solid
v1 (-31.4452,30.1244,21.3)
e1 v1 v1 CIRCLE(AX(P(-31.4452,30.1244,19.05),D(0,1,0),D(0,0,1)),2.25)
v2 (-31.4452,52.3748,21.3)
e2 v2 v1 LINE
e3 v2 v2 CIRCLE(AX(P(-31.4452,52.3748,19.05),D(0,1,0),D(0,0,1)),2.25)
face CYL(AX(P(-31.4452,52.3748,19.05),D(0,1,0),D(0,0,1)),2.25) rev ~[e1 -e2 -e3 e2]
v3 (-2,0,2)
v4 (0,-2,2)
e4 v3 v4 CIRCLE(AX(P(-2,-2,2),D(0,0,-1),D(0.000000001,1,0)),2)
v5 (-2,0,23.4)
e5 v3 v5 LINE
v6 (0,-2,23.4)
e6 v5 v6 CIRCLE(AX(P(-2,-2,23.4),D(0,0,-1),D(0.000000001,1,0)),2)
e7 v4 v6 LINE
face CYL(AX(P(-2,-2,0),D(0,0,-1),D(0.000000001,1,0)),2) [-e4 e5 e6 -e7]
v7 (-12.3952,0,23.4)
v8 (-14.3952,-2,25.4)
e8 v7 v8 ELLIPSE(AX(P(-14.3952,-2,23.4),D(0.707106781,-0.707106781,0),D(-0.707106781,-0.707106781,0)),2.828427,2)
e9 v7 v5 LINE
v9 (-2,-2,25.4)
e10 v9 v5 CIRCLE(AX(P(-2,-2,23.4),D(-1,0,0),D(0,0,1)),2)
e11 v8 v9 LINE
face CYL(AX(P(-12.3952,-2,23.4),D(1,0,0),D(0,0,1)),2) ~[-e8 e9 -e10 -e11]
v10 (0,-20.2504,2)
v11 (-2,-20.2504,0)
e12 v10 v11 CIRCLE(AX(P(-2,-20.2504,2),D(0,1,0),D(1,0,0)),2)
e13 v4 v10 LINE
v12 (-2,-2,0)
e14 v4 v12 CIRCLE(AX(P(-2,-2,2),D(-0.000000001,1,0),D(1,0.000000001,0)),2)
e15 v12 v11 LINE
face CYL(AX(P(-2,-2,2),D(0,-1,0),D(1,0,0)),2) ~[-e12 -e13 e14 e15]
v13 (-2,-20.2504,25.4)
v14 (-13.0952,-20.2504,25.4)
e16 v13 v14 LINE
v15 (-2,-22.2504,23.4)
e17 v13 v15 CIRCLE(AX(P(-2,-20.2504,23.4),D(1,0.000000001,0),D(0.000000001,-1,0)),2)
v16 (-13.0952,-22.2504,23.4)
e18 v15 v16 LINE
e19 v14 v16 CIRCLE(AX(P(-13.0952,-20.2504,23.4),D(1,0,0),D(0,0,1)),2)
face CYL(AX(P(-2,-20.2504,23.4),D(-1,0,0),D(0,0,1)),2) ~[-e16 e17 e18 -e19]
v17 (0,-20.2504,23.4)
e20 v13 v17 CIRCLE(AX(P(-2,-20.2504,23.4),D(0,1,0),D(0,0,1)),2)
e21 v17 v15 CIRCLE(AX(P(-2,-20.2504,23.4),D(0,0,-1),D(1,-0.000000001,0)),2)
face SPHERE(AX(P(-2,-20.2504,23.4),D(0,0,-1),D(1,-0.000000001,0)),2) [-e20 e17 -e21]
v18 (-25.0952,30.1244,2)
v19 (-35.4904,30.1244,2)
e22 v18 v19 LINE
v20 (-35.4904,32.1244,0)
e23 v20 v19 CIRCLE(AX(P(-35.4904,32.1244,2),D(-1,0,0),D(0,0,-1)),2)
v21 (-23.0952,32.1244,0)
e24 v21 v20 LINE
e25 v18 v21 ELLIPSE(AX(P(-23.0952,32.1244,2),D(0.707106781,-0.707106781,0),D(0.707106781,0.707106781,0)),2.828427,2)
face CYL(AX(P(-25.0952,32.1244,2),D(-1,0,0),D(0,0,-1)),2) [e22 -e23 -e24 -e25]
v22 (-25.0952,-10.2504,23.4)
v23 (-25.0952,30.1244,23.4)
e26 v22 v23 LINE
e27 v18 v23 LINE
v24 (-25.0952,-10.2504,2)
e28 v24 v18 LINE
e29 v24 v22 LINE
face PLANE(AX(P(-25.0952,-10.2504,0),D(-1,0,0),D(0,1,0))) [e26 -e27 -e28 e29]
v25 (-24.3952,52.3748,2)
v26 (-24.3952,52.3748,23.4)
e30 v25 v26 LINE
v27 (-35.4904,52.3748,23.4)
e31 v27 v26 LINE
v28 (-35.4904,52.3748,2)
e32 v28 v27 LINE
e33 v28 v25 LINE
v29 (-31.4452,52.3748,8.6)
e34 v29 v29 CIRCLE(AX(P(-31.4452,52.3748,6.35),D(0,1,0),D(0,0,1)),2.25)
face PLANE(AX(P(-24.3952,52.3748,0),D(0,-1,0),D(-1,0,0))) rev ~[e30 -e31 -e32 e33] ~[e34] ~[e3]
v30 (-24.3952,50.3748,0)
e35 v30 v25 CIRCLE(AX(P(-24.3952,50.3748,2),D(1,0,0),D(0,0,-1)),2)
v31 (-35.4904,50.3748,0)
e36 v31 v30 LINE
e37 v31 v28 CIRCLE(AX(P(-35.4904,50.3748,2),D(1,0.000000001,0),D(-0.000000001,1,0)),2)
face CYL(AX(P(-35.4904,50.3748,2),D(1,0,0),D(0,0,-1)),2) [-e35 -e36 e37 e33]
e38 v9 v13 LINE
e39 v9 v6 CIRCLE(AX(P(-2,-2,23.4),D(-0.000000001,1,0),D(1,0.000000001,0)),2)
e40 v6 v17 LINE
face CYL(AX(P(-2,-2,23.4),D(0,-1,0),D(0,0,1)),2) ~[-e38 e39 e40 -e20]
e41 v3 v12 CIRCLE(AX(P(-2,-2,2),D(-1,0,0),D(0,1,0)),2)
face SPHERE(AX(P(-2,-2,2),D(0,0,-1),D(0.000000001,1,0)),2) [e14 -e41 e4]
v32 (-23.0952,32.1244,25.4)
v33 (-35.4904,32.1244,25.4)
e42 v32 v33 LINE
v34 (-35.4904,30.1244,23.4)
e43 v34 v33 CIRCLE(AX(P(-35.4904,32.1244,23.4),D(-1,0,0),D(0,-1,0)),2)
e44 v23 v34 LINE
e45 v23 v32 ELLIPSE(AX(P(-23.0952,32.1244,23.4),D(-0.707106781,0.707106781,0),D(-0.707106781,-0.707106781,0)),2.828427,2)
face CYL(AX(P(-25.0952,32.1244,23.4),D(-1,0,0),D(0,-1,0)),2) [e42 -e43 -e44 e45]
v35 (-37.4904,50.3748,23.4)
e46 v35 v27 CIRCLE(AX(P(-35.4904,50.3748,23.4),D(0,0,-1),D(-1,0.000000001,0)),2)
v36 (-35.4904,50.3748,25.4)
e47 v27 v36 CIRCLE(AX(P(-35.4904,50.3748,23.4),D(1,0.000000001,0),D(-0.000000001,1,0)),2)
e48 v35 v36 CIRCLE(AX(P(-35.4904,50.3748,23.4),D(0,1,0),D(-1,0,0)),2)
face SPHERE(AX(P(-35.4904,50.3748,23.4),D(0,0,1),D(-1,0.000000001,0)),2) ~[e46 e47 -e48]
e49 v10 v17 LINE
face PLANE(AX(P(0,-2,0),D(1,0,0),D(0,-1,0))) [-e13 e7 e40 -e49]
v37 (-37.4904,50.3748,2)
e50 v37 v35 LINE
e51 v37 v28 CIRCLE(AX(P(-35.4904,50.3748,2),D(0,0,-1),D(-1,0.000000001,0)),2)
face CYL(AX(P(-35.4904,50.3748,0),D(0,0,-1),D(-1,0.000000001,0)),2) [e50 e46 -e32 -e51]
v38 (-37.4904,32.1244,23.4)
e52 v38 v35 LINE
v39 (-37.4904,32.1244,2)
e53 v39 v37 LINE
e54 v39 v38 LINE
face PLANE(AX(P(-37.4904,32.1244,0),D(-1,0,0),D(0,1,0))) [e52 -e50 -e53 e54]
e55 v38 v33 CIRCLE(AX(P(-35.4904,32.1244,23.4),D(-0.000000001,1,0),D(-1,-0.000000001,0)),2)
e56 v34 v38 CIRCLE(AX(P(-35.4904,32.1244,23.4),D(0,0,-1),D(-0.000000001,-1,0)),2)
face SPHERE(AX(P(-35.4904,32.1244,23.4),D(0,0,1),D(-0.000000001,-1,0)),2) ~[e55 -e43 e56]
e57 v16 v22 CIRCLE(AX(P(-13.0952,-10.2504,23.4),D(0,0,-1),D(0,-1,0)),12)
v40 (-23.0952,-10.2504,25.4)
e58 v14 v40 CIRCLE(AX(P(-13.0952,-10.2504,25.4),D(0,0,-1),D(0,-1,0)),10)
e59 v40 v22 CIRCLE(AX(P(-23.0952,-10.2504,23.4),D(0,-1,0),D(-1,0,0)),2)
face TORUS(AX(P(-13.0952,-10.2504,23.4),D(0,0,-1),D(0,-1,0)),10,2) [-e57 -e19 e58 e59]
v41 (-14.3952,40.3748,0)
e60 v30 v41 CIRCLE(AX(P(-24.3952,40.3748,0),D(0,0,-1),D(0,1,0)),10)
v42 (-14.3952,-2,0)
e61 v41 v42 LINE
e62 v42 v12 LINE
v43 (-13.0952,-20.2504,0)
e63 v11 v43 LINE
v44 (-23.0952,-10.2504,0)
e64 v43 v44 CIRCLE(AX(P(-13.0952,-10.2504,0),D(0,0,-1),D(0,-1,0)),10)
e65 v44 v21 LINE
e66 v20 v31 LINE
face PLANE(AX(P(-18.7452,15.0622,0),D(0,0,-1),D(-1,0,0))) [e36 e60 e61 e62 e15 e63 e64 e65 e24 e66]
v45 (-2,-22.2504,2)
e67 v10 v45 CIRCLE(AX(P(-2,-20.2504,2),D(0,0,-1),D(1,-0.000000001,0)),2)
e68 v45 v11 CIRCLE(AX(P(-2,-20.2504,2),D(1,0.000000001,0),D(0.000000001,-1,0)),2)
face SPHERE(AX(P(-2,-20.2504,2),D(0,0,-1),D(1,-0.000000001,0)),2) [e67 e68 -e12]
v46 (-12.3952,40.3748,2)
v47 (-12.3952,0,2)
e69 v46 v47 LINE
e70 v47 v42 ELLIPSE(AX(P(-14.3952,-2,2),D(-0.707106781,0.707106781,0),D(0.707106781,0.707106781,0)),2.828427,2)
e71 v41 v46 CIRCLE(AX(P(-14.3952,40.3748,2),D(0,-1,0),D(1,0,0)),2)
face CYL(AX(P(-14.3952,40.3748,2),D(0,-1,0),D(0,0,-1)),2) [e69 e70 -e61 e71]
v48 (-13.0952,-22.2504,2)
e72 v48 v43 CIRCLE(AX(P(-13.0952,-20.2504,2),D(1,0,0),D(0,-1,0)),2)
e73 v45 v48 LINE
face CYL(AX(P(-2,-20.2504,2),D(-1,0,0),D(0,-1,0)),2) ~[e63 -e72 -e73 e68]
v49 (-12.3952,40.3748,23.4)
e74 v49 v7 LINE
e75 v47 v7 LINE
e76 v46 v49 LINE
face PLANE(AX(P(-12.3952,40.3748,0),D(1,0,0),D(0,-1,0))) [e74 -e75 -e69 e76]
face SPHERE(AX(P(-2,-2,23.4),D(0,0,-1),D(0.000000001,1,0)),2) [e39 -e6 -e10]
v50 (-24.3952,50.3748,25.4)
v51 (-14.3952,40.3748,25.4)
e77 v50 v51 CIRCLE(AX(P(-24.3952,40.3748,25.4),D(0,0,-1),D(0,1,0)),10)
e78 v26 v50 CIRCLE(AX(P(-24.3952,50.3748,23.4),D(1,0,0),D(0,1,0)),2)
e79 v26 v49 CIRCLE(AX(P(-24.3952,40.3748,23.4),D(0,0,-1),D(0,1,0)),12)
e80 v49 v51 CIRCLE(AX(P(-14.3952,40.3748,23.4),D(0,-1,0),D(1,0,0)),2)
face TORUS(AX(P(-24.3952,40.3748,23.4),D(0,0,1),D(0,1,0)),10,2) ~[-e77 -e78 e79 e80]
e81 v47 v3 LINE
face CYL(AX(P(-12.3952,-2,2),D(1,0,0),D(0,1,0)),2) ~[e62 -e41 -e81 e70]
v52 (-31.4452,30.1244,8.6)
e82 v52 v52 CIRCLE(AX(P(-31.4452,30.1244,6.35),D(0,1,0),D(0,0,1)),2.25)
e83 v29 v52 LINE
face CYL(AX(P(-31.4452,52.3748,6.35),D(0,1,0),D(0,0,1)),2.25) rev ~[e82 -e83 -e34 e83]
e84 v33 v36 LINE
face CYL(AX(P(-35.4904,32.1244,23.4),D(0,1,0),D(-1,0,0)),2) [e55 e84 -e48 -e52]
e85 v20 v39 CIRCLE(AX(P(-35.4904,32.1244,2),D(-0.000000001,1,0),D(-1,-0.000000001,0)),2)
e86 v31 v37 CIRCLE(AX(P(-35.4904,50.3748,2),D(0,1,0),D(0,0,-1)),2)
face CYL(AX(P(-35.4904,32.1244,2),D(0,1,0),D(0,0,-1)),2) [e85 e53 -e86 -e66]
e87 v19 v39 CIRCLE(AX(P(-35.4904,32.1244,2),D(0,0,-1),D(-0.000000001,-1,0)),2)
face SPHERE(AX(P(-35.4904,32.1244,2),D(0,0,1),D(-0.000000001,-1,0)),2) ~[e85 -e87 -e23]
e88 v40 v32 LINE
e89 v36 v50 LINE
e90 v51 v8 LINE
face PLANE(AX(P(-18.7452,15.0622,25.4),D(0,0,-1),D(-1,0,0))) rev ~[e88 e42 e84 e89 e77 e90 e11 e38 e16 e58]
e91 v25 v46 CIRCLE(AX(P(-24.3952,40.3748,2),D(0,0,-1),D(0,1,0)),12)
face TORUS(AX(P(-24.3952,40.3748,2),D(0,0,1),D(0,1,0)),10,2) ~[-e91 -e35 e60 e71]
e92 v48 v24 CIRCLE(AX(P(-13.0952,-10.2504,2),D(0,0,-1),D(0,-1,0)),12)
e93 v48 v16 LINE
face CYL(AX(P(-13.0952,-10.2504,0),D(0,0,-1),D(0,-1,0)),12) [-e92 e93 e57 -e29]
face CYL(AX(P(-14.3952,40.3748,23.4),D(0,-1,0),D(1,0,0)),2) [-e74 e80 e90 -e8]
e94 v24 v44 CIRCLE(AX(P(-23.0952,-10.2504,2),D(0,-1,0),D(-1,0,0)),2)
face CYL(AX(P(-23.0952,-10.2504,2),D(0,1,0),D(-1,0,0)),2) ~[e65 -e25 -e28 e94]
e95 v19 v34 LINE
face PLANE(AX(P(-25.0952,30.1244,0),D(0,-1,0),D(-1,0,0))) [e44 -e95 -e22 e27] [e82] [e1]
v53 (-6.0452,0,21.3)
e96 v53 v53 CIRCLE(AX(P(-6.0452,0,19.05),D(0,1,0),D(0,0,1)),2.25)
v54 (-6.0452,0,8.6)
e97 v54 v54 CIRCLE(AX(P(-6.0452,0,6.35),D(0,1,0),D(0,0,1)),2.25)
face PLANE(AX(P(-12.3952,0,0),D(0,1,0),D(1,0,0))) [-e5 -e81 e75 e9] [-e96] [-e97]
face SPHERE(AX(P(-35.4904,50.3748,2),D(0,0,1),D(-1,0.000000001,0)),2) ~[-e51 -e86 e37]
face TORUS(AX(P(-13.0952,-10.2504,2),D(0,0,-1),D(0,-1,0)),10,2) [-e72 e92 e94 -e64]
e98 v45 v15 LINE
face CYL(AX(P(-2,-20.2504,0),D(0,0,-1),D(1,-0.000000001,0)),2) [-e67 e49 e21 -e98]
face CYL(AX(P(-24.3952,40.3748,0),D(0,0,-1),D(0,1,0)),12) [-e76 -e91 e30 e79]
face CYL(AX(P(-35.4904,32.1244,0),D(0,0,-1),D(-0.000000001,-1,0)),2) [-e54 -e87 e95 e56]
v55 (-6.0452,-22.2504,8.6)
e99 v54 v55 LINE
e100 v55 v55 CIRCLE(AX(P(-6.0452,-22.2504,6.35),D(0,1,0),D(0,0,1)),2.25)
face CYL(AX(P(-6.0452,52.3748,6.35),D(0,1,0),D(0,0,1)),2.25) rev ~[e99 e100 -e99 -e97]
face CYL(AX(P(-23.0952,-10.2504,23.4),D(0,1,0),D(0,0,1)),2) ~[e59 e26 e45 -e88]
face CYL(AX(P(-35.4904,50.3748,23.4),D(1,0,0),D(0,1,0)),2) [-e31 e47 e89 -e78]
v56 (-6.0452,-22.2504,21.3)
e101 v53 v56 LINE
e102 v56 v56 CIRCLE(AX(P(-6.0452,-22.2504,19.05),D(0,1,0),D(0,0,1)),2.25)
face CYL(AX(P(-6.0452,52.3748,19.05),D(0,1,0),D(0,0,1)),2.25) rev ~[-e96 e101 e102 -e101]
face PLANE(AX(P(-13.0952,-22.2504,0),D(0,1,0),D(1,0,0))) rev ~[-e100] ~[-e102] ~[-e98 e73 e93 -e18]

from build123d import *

# Parameters (mm, degrees)
BOSS_EXTRUDE1_DEPTH = 25.4
SKETCH2_R           = 2.25
CUT_EXTRUDE1_DEPTH  = 88.290380725
FILLET1_R           = 2


with BuildPart() as part:
    # Sketch1 → Boss-Extrude1 (new body)
    with BuildSketch(Plane.XY):
        with BuildLine():
            Line((-12.3952, 40.3748), (-12.3952, 0))
            Line((-12.3952, 0), (-12.3952, -22.2504))
            Line((-12.3952, -22.2504), (-13.0952, -22.2504))
            ThreePointArc((-13.0952, -22.2504), (-21.580481374, -18.735681374), (-25.0952, -10.2504))
            Line((-25.0952, -10.2504), (-25.0952, 30.1244))
            Line((-25.0952, 30.1244), (-25.0952, 52.3748))
            Line((-25.0952, 52.3748), (-24.3952, 52.3748))
            ThreePointArc((-24.3952, 52.3748), (-15.909918626, 48.860081374), (-12.3952, 40.3748))
        make_face()
        with BuildLine():
            ThreePointArc((-37.4904, 50.3748), (-36.904613562, 51.789013562), (-35.4904, 52.3748))
            Line((-35.4904, 52.3748), (-25.0952, 52.3748))
            Line((-25.0952, 52.3748), (-25.0952, 30.1244))
            Line((-25.0952, 30.1244), (-35.4904, 30.1244))
            ThreePointArc((-35.4904, 30.1244), (-36.904613562, 30.710186438), (-37.4904, 32.1244))
            Line((-37.4904, 32.1244), (-37.4904, 50.3748))
        make_face()
        with BuildLine():
            ThreePointArc((0, -20.2504), (-0.585786438, -21.664613562), (-2, -22.2504))
            Line((-2, -22.2504), (-12.3952, -22.2504))
            Line((-12.3952, -22.2504), (-12.3952, 0))
            Line((-12.3952, 0), (-2, 0))
            ThreePointArc((-2, 0), (-0.585786438, -0.585786438), (0, -2))
            Line((0, -2), (0, -20.2504))
        make_face()
    extrude(amount=BOSS_EXTRUDE1_DEPTH)

    # Sketch2 → Cut-Extrude1 (cut, through all)
    with BuildSketch(Plane(origin=(0, 52.3748, 0), x_dir=(1, 0, 0), z_dir=(0, 1, 0))):
        with Locations(Location((-31.4452, -6.35, 0), (0, 0, 270))):
            Circle(SKETCH2_R)
        with Locations(Location((-31.4452, -19.05, 0), (0, 0, 270))):
            Circle(SKETCH2_R)
        with Locations(Location((-6.0452, -6.35, 0), (0, 0, 270))):
            Circle(SKETCH2_R)
        with Locations(Location((-6.0452, -19.05, 0), (0, 0, 270))):
            Circle(SKETCH2_R)
    extrude(amount=-CUT_EXTRUDE1_DEPTH, mode=Mode.SUBTRACT)

    # Fillet1
    fillet1_edges = [part.edges().sort_by_distance(p)[0] for p in [
        (-15.909918626, 48.860081374, 25.4),
        (-29.9428, 52.3748, 25.4),
        (-7.1976, 0, 0),
        (-0.585786438, -0.585786438, 0),
        (0, -11.1252, 0),
        (-0.585786438, -21.664613562, 0),
        (-7.5476, -22.2504, 0),
        (-21.580481374, -18.735681374, 0),
        (-25.0952, 9.937, 0),
        (-30.2928, 30.1244, 0),
        (-36.904613562, 30.710186438, 0),
        (-37.4904, 41.2496, 0),
        (-36.904613562, 51.789013562, 0),
        (-29.9428, 52.3748, 0),
        (-15.909918626, 48.860081374, 0),
        (-36.904613562, 51.789013562, 25.4),
        (-12.3952, 20.1874, 0),
        (-37.4904, 41.2496, 25.4),
        (-36.904613562, 30.710186438, 25.4),
        (-30.2928, 30.1244, 25.4),
        (-25.0952, 9.937, 25.4),
        (-21.580481374, -18.735681374, 25.4),
        (-12.3952, 20.1874, 25.4),
        (-7.5476, -22.2504, 25.4),
        (-0.585786438, -21.664613562, 25.4),
        (0, -11.1252, 25.4),
        (-0.585786438, -0.585786438, 25.4),
        (-7.1976, 0, 25.4),
    ]]
    fillet(fillet1_edges, radius=FILLET1_R)


solid = part.part
